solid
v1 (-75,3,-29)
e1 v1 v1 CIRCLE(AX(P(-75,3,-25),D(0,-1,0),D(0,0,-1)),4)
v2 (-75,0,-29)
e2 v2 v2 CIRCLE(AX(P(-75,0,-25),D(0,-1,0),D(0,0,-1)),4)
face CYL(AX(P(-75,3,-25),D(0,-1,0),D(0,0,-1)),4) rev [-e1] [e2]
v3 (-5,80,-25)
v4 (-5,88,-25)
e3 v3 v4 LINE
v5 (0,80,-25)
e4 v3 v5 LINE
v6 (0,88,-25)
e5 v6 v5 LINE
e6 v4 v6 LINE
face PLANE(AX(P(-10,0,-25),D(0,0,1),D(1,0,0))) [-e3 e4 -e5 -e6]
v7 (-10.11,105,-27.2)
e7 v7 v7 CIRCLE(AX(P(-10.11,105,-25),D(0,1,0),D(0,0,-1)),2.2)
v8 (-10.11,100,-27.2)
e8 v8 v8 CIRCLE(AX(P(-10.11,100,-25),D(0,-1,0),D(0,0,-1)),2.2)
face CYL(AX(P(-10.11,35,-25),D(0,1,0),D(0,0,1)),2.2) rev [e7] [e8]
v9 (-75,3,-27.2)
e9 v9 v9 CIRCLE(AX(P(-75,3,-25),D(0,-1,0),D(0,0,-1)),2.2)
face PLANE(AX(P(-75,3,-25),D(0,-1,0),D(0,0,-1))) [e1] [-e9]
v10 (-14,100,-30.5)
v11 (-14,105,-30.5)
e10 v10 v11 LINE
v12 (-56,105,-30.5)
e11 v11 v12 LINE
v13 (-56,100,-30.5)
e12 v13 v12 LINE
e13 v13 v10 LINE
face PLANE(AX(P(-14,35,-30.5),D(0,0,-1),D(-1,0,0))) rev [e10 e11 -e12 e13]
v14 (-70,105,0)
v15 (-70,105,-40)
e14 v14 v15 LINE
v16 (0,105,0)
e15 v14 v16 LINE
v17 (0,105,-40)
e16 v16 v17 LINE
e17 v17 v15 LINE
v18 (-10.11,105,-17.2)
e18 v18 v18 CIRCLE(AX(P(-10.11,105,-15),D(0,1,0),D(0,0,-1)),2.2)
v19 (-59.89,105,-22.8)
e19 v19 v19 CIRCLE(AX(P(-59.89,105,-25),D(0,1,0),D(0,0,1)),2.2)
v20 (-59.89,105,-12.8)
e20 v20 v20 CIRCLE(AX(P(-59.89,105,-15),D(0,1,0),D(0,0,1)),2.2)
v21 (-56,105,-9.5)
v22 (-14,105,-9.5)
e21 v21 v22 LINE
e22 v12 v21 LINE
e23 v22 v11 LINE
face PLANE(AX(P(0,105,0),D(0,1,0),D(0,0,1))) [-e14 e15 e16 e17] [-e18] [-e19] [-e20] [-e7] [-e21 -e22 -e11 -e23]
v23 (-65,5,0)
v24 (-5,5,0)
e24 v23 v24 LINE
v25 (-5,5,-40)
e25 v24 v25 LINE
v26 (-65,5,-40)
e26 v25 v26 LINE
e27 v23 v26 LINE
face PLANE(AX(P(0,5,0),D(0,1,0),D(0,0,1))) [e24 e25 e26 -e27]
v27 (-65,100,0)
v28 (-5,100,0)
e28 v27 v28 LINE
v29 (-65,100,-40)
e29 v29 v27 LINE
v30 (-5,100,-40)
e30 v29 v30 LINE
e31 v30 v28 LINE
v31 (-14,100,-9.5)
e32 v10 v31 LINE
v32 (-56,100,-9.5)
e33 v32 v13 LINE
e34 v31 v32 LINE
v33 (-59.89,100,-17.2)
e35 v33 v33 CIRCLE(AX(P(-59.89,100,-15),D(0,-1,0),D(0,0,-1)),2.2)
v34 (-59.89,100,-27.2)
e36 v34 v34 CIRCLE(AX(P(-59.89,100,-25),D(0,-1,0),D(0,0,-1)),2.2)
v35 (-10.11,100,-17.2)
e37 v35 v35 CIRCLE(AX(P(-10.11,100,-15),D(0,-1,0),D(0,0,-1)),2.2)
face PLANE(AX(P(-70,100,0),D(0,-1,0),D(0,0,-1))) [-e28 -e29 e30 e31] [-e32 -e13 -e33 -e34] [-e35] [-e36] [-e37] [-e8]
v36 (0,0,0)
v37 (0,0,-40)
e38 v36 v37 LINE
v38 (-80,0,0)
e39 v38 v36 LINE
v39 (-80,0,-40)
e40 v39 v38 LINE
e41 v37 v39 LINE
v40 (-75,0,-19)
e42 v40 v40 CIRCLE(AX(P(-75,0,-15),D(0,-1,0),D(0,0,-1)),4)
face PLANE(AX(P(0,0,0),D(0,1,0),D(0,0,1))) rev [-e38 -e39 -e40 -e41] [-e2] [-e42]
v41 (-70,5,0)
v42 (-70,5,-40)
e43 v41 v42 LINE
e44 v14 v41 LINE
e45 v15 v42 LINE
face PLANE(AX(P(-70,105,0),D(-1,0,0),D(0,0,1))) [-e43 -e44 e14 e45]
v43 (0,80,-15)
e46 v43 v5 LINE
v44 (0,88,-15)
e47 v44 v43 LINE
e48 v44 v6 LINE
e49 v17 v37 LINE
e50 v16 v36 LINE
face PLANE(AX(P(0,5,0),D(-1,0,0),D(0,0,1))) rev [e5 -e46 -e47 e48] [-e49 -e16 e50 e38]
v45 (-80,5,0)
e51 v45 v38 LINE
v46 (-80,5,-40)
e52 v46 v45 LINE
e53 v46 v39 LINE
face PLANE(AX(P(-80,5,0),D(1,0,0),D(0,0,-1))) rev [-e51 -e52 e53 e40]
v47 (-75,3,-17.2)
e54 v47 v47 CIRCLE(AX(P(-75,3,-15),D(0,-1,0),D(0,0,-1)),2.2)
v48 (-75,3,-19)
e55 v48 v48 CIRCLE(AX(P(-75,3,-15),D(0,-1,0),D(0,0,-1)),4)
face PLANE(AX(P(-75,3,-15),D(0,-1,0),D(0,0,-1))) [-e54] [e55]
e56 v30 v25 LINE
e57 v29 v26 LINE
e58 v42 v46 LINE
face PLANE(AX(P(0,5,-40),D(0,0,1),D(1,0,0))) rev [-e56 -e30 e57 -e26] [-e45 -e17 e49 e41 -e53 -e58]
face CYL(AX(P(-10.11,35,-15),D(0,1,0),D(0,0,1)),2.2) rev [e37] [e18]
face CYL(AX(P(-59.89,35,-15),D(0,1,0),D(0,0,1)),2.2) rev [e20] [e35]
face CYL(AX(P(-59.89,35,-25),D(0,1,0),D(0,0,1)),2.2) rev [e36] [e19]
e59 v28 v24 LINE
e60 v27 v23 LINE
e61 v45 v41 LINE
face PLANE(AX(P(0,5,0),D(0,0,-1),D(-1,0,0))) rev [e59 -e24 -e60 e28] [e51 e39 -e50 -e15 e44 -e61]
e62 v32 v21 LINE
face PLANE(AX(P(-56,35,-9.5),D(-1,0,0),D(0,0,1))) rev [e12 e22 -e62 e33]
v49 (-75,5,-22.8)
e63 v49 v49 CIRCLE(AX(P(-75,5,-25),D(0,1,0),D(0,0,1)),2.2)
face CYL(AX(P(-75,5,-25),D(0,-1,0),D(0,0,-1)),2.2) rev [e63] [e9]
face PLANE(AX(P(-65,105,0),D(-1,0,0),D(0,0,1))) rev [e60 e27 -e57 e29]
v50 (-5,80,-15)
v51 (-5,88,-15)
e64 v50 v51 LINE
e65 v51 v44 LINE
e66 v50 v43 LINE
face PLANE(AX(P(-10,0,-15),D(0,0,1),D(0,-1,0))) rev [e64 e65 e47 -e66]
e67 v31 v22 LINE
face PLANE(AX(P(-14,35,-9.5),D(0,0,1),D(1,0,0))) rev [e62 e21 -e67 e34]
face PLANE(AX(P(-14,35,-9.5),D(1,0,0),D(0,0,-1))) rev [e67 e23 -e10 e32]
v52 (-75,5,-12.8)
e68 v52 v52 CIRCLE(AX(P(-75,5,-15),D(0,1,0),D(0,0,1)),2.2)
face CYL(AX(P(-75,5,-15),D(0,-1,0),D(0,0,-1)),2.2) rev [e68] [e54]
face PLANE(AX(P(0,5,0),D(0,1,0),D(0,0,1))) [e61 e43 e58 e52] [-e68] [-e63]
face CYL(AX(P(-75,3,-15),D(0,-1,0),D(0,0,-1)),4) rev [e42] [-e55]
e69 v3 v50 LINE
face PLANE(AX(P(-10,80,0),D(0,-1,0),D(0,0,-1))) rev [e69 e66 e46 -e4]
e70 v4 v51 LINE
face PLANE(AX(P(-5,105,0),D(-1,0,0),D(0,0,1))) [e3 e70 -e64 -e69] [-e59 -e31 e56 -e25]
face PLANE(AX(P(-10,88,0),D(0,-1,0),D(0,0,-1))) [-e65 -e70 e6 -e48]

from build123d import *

# Parameters (mm, degrees)
SKETCH2_W           = 80
SKETCH2_H           = 40
SKETCH2_R           = 2.2
BOSS_EXTRUDE1_DEPTH = 5
SKETCH3_W           = 5
SKETCH3_H           = 40
BOSS_EXTRUDE2_DEPTH = 100
SKETCH4_W           = 10
SKETCH4_H           = 8
CUT_EXTRUDE1_DEPTH  = 10
SKETCH5_W           = 40
SKETCH5_H           = 5
BOSS_EXTRUDE3_DEPTH = 70
SKETCH6_R           = 2.2
SKETCH6_W           = 42
SKETCH6_H           = 21
CUT_EXTRUDE2_DEPTH  = 70
SKETCH7_R           = 4
SKETCH7_R_2         = 2.2
CUT_EXTRUDE3_DEPTH  = 3


with BuildPart() as part:
    # Sketch2 → Boss-Extrude1 (new body)
    with BuildSketch(Plane(origin=(0, 0, 0), x_dir=(1, 0, 0), z_dir=(0, 1, 0))):
        with Locations((-40, 20)):
            Rectangle(SKETCH2_W, SKETCH2_H)
        with Locations((-75, 25)):
            Circle(SKETCH2_R, mode=Mode.SUBTRACT)
        with Locations((-75, 15)):
            Circle(SKETCH2_R, mode=Mode.SUBTRACT)
    extrude(amount=BOSS_EXTRUDE1_DEPTH)

    # Sketch3 → Boss-Extrude2 (add)
    with BuildSketch(Plane(origin=(0, 5, 0), x_dir=(1, 0, 0), z_dir=(0, 1, 0))):
        with Locations((-2.5, 20)):
            Rectangle(SKETCH3_W, SKETCH3_H)
        with Locations((-67.5, 20)):
            Rectangle(SKETCH3_W, SKETCH3_H)
    extrude(amount=BOSS_EXTRUDE2_DEPTH)

    # Sketch4 → Cut-Extrude1 (cut)
    with BuildSketch(Plane(origin=(0, 0, 0), x_dir=(0, 0, -1), z_dir=(1, 0, 0))):
        with Locations((20, 84)):
            Rectangle(SKETCH4_W, SKETCH4_H)
    extrude(amount=-CUT_EXTRUDE1_DEPTH, mode=Mode.SUBTRACT)

    # Sketch5 → Boss-Extrude3 (add)
    with BuildSketch(Plane(origin=(0, 0, 0), x_dir=(0, 0, -1), z_dir=(1, 0, 0))):
        with Locations((20, 102.5)):
            Rectangle(SKETCH5_W, SKETCH5_H)
    extrude(amount=-BOSS_EXTRUDE3_DEPTH)

    # Sketch6 → Cut-Extrude2 (cut)
    with BuildSketch(Plane(origin=(0, 105, 0), x_dir=(1, 0, 0), z_dir=(0, 1, 0))):
        with Locations((-59.89, 25)):
            Circle(SKETCH6_R)
        with Locations((-59.89, 15)):
            Circle(SKETCH6_R)
        with Locations((-10.11, 15)):
            Circle(SKETCH6_R)
        with Locations((-10.11, 25)):
            Circle(SKETCH6_R)
        with Locations((-35, 20)):
            Rectangle(SKETCH6_W, SKETCH6_H)
    extrude(amount=-CUT_EXTRUDE2_DEPTH, mode=Mode.SUBTRACT)

    # Sketch7 → Cut-Extrude3 (cut)
    with BuildSketch(Plane.XZ):
        with Locations((-75, -15)):
            Circle(SKETCH7_R)
        with Locations((-75, -15)):
            Circle(SKETCH7_R_2, mode=Mode.SUBTRACT)
        with Locations((-75, -25)):
            Circle(SKETCH7_R)
        with Locations((-75, -25)):
            Circle(SKETCH7_R_2, mode=Mode.SUBTRACT)
    extrude(amount=-CUT_EXTRUDE3_DEPTH, mode=Mode.SUBTRACT)


solid = part.part
